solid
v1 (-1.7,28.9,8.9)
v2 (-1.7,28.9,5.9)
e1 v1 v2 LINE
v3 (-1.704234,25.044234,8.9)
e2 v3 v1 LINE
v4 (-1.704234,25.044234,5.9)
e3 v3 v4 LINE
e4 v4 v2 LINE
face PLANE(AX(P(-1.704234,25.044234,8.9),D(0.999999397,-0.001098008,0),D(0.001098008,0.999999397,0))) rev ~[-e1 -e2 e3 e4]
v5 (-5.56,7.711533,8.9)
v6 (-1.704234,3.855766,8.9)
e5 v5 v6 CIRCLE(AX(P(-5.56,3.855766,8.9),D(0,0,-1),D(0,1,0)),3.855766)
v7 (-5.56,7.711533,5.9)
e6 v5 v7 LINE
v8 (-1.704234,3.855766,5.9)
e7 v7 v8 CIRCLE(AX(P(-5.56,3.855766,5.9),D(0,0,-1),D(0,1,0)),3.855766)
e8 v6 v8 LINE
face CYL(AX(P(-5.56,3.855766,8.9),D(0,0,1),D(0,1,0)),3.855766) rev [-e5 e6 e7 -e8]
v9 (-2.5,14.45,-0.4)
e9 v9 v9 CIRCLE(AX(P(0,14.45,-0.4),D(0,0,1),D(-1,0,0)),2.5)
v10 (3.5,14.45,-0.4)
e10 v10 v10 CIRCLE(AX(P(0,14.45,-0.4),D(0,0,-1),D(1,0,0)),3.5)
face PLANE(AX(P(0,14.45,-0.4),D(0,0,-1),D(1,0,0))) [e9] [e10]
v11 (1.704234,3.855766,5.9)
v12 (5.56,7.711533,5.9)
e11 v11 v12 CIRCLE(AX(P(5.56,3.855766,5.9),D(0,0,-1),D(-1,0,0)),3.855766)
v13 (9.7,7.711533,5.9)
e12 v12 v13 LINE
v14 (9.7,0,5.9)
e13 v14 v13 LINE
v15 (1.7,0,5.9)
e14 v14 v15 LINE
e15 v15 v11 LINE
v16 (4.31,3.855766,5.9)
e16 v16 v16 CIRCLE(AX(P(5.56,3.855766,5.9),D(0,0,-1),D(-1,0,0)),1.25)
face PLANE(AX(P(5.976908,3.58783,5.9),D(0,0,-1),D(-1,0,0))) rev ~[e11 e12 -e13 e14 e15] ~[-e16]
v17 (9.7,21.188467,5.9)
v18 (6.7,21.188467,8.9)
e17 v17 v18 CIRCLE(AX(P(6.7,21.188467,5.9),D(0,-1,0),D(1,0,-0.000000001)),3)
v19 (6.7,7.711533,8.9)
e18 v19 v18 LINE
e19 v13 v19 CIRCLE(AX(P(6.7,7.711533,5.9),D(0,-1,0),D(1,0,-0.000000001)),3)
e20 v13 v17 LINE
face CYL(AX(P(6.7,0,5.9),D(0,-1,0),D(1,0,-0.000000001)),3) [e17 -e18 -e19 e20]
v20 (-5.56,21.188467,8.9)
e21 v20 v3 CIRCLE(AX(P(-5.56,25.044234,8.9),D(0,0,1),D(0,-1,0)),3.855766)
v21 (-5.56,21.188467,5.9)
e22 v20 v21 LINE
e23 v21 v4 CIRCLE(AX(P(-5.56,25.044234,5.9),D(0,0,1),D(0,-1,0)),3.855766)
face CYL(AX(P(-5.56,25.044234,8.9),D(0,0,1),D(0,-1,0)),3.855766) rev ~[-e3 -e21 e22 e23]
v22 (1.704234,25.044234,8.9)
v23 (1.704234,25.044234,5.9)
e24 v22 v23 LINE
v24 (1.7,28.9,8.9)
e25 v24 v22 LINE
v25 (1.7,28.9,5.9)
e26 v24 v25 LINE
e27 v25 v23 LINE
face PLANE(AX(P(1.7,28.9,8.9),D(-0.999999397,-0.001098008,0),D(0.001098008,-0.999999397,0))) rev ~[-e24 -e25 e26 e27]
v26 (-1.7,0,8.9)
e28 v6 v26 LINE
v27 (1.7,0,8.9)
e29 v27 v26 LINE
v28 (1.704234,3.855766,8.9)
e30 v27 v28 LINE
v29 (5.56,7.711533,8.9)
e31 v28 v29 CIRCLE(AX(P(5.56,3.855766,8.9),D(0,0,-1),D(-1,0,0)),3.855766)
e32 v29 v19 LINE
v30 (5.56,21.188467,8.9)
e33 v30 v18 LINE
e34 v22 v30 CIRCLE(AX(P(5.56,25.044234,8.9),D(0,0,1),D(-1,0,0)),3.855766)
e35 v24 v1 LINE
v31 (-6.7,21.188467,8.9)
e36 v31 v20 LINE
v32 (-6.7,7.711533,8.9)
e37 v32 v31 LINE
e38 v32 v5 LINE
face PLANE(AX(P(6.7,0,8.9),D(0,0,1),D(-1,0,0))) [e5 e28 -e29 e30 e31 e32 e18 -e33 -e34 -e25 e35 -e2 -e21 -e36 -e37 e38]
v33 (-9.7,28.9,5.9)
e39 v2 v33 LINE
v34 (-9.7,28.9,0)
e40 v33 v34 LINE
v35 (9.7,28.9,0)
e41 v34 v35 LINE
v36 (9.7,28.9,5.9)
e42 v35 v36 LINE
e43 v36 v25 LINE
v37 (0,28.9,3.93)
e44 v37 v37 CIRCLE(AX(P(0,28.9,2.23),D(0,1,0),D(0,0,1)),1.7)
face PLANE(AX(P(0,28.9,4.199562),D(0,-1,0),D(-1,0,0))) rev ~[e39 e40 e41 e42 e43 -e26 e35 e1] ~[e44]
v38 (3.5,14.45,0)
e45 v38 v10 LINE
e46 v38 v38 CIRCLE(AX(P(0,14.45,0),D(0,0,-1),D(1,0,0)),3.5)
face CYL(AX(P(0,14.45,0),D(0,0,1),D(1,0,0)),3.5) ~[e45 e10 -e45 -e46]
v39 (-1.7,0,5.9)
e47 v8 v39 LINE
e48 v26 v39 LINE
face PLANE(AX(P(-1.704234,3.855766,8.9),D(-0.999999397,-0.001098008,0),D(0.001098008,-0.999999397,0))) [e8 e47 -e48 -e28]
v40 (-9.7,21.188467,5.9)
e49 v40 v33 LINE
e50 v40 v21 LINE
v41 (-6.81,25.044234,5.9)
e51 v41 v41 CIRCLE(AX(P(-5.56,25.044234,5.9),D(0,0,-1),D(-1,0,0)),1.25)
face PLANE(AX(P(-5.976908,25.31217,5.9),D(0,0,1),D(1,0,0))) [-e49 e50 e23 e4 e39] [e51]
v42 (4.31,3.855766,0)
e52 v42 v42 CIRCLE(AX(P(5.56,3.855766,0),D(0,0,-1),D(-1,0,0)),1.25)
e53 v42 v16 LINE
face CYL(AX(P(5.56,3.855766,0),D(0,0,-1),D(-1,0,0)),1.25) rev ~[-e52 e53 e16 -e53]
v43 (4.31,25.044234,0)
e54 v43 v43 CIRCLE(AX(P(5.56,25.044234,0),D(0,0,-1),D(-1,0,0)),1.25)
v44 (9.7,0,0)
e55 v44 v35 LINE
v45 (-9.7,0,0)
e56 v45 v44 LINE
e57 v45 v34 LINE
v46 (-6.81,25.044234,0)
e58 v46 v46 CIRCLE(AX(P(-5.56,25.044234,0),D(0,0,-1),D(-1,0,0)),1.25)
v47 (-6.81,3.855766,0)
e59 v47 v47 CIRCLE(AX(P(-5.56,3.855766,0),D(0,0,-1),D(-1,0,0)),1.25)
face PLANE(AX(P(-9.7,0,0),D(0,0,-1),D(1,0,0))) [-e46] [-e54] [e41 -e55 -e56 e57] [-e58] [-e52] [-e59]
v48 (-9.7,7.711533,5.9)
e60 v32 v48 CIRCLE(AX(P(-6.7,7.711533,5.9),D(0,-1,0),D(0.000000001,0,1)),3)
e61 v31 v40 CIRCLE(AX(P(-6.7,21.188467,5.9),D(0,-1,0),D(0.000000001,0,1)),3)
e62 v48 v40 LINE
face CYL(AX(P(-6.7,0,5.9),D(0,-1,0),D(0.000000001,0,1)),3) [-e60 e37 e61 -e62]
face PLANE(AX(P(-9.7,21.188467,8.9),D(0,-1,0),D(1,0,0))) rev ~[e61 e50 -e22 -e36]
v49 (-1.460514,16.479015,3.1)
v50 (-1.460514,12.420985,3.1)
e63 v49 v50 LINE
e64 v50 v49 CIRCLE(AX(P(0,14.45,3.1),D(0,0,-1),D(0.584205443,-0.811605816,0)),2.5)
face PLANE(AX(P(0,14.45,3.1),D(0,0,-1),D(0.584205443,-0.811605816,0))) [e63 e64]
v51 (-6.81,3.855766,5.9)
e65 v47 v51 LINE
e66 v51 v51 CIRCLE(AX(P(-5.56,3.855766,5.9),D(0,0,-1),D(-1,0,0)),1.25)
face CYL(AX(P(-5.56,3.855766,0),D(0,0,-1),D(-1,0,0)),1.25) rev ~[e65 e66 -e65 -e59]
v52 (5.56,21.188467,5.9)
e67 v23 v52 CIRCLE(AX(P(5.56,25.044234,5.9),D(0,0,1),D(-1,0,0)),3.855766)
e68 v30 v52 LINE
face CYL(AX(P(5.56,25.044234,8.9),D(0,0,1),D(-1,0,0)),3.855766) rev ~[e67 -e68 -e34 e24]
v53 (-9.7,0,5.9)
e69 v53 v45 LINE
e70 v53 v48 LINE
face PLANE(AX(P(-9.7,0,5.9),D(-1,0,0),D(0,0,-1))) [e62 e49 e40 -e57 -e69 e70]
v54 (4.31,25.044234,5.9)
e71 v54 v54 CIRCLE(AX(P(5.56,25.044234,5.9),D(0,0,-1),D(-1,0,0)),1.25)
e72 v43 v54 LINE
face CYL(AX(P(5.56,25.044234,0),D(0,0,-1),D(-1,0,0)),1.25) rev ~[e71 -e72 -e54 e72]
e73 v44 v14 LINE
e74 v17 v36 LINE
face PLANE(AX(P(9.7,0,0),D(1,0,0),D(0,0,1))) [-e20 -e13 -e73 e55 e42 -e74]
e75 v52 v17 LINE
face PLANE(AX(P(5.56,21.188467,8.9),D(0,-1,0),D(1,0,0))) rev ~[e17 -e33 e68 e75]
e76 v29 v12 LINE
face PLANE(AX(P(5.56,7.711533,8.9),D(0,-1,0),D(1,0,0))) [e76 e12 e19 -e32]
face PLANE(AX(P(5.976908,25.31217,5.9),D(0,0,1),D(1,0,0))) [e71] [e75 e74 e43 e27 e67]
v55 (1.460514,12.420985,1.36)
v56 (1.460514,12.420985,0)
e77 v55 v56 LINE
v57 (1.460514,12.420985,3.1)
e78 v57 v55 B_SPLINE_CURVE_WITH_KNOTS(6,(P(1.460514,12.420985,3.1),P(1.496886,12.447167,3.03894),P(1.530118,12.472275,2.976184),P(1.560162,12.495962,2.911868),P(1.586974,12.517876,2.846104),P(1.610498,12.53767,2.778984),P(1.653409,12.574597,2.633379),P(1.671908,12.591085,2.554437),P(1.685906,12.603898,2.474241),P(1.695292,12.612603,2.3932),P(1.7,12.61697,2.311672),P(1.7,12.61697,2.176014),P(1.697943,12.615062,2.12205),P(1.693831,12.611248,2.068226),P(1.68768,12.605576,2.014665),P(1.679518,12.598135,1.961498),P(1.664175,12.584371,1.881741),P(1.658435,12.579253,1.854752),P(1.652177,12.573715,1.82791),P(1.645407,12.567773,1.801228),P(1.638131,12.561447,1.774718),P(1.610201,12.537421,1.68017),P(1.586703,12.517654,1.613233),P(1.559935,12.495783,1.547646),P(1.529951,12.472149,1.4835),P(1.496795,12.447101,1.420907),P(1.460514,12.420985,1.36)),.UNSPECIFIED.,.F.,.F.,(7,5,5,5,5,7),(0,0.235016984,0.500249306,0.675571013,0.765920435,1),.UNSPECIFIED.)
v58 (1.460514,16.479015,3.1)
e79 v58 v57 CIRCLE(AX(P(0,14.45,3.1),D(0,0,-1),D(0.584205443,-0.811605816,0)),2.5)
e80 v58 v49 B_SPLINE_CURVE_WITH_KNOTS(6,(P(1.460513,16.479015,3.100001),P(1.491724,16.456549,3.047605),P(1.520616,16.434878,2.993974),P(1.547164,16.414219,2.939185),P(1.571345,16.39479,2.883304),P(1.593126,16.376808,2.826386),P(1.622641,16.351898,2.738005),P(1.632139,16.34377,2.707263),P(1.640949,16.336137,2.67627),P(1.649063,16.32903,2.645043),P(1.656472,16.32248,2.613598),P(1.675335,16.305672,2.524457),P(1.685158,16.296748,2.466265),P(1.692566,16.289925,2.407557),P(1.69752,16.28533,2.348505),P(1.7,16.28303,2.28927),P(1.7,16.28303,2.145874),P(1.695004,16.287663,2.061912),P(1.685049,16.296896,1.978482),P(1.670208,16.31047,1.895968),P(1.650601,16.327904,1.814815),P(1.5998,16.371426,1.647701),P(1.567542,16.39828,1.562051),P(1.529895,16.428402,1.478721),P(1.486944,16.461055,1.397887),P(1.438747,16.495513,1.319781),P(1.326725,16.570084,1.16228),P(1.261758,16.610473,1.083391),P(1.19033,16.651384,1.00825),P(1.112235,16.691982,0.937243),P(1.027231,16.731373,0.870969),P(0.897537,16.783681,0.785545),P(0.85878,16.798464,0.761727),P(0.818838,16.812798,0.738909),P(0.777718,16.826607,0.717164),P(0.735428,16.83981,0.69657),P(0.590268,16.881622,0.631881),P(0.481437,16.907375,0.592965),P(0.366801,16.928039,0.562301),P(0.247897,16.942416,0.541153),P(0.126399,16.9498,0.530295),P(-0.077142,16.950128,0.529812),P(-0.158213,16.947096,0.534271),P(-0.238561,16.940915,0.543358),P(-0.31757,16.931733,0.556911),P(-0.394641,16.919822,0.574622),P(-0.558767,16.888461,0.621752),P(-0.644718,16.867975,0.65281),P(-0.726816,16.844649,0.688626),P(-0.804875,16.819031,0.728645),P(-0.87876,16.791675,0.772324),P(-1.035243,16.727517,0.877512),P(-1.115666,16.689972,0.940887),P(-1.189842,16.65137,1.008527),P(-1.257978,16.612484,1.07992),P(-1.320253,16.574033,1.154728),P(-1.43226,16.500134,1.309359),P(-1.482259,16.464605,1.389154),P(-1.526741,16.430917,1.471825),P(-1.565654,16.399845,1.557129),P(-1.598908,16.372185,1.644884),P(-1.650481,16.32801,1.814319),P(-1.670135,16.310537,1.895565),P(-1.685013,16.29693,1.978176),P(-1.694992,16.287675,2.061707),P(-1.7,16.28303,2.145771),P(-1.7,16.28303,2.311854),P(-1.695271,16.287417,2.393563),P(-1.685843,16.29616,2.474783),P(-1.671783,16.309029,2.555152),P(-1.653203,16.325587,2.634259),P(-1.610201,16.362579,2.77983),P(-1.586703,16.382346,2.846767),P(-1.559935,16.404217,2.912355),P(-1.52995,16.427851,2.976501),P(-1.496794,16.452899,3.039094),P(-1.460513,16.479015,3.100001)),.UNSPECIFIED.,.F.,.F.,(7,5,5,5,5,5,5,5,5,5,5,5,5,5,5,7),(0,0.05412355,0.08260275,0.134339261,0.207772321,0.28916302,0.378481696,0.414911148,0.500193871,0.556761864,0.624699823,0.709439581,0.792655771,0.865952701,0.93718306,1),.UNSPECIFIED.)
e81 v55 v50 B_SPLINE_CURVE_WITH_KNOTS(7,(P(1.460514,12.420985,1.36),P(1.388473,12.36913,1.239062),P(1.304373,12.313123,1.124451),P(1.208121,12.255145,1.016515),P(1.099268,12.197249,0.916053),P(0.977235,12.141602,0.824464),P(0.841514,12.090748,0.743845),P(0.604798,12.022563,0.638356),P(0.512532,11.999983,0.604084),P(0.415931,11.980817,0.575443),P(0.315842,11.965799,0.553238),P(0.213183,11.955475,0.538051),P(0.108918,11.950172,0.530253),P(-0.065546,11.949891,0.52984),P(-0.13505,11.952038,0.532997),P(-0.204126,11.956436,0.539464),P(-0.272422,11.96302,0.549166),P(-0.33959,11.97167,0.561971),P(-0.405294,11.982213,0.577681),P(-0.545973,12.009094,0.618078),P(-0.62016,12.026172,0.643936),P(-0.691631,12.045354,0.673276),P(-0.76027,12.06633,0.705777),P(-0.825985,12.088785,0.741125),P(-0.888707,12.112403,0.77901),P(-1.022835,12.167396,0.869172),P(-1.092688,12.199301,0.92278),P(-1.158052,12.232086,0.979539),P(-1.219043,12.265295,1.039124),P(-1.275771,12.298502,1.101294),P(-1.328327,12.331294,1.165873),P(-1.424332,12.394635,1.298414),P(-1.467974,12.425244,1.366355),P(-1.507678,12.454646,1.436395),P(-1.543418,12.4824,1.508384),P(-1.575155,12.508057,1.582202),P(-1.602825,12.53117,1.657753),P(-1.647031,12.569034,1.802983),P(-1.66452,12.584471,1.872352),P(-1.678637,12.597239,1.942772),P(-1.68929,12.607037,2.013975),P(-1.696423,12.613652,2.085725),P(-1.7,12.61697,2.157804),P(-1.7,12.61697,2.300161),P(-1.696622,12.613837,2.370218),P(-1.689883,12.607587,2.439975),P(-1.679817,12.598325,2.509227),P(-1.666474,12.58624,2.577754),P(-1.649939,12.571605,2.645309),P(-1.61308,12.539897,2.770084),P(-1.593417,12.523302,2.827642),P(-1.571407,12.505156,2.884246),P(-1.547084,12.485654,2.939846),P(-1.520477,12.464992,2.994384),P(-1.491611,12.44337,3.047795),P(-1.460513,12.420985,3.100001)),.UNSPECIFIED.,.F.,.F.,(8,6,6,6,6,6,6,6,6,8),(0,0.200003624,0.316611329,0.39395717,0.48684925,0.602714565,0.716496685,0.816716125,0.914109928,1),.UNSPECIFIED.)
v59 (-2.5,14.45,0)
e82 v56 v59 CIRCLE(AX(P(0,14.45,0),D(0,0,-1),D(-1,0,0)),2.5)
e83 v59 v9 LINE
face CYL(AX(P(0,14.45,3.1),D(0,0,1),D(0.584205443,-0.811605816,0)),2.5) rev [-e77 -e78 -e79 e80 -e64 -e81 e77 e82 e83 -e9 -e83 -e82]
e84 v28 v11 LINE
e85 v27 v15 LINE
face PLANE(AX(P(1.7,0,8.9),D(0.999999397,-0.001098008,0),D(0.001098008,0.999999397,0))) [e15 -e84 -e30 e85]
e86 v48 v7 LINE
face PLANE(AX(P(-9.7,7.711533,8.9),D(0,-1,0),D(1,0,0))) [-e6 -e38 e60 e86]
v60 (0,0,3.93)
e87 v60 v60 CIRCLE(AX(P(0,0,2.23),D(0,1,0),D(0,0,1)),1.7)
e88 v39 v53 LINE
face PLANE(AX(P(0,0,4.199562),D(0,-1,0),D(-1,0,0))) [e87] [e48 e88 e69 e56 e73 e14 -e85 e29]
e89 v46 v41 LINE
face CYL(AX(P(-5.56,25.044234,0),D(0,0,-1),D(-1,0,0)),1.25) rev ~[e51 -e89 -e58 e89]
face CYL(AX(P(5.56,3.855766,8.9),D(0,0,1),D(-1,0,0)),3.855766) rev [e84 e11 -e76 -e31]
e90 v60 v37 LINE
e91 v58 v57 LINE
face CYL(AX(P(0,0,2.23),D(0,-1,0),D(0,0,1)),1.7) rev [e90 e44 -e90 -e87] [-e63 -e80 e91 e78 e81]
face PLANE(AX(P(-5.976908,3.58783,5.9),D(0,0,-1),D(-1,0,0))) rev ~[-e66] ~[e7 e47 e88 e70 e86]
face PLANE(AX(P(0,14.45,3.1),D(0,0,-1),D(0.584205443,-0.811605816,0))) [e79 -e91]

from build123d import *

# Parameters (mm, degrees)
SKETCH1_R           = 1.7
BOSS_EXTRUDE1_DEPTH = 28.9
CUT_EXTRUDE1_REACH  = 33.757
SKETCH2_R           = 1.25
CUT_EXTRUDE2_DEPTH  = 3
SKETCH4_R           = 3.5
SKETCH4_R_2         = 2.5
BOSS_EXTRUDE2_DEPTH = 0.4
CUT_EXTRUDE3_START  = -3.5
SKETCH5_R           = 2.5
CUT_EXTRUDE3_DEPTH  = 3.5


with BuildPart() as part:
    # Sketch1 → Boss-Extrude1 (new body)
    with BuildSketch(Plane(origin=(0, 0, 0), x_dir=(1, 0, 0), z_dir=(0, 1, 0))):
        with BuildLine():
            Line((-9.7, 0), (9.7, 0))
            Line((9.7, 0), (9.7, -5.9))
            ThreePointArc((9.7, -5.9), (8.821320344, -8.021320344), (6.7, -8.9))
            Line((6.7, -8.9), (-6.7, -8.9))
            ThreePointArc((-6.7, -8.9), (-8.821320344, -8.021320344), (-9.7, -5.9))
            Line((-9.7, -5.9), (-9.7, 0))
        make_face()
        with Locations(Location((0, -2.23, 0), (0, 0, 270))):
            Circle(SKETCH1_R, mode=Mode.SUBTRACT)
    extrude(amount=BOSS_EXTRUDE1_DEPTH)

    # Cut-Extrude1: up to this face of the body (flat: up to its plane)
    cut_extrude1_end = Plane(part.part.faces().sort_by_distance((0, 14.45, 8.9))[0])
    # Sketch2 → Cut-Extrude1 (cut, up to the picked face)
    with BuildSketch(Plane(origin=(0, 0, 0), x_dir=(-1, 0, 0), z_dir=(0, 0, -1)), mode=Mode.PRIVATE) as cut_extrude1_sk1:
        with Locations((5.56, 25.044233664)):
            Circle(SKETCH2_R)
    cut_extrude1_tool1 = split(extrude(cut_extrude1_sk1.sketch, amount=-CUT_EXTRUDE1_REACH, mode=Mode.PRIVATE), bisect_by=cut_extrude1_end, keep=Keep.BOTH, mode=Mode.PRIVATE)
    # Sketch2 → Cut-Extrude1 (cut, up to the picked face)
    with BuildSketch(Plane(origin=(0, 0, 0), x_dir=(-1, 0, 0), z_dir=(0, 0, -1)), mode=Mode.PRIVATE) as cut_extrude1_sk2:
        with Locations((5.56, 3.855766336)):
            Circle(SKETCH2_R)
    cut_extrude1_tool2 = split(extrude(cut_extrude1_sk2.sketch, amount=-CUT_EXTRUDE1_REACH, mode=Mode.PRIVATE), bisect_by=cut_extrude1_end, keep=Keep.BOTH, mode=Mode.PRIVATE)
    # Sketch2 → Cut-Extrude1 (cut, up to the picked face)
    with BuildSketch(Plane(origin=(0, 0, 0), x_dir=(-1, 0, 0), z_dir=(0, 0, -1)), mode=Mode.PRIVATE) as cut_extrude1_sk3:
        with Locations((-5.56, 3.855766336)):
            Circle(SKETCH2_R)
    cut_extrude1_tool3 = split(extrude(cut_extrude1_sk3.sketch, amount=-CUT_EXTRUDE1_REACH, mode=Mode.PRIVATE), bisect_by=cut_extrude1_end, keep=Keep.BOTH, mode=Mode.PRIVATE)
    # Sketch2 → Cut-Extrude1 (cut, up to the picked face)
    with BuildSketch(Plane(origin=(0, 0, 0), x_dir=(-1, 0, 0), z_dir=(0, 0, -1)), mode=Mode.PRIVATE) as cut_extrude1_sk4:
        with Locations((-5.56, 25.044233664)):
            Circle(SKETCH2_R)
    cut_extrude1_tool4 = split(extrude(cut_extrude1_sk4.sketch, amount=-CUT_EXTRUDE1_REACH, mode=Mode.PRIVATE), bisect_by=cut_extrude1_end, keep=Keep.BOTH, mode=Mode.PRIVATE)
    add(cut_extrude1_tool1.solids().sort_by(Axis((-5.56, 25.044234, 0), (0, 0, 1)))[0], mode=Mode.SUBTRACT)
    add(cut_extrude1_tool2.solids().sort_by(Axis((-5.56, 3.855766, 0), (0, 0, 1)))[0], mode=Mode.SUBTRACT)
    add(cut_extrude1_tool3.solids().sort_by(Axis((5.56, 3.855766, 0), (0, 0, 1)))[0], mode=Mode.SUBTRACT)
    add(cut_extrude1_tool4.solids().sort_by(Axis((5.56, 25.044234, 0), (0, 0, 1)))[0], mode=Mode.SUBTRACT)

    # Sketch3 → Cut-Extrude2 (cut)
    with BuildSketch(Plane.XY.offset(8.9)):
        with BuildLine():
            Line((5.56, 7.711532672), (9.7, 7.711532672))
            Line((9.7, 7.711532672), (9.7, 0))
            Line((9.7, 0), (1.7, 0))
            Line((1.7, 0), (1.704233664, 3.855766336))
            ThreePointArc((1.704233664, 3.855766336), (2.833561477, 6.582204859), (5.56, 7.711532672))
        make_face()
        with BuildLine():
            Line((5.56, 21.188467328), (9.7, 21.188467328))
            Line((9.7, 21.188467328), (9.7, 28.9))
            Line((9.7, 28.9), (1.7, 28.9))
            Line((1.7, 28.9), (1.704233664, 25.044233664))
            ThreePointArc((1.704233664, 25.044233664), (2.833561477, 22.317795141), (5.56, 21.188467328))
        make_face()
        with BuildLine():
            Line((-1.704233664, 3.855766336), (-1.7, 0))
            Line((-1.7, 0), (-9.7, 0))
            Line((-9.7, 0), (-9.7, 7.711532672))
            Line((-9.7, 7.711532672), (-5.56, 7.711532672))
            ThreePointArc((-5.56, 7.711532672), (-2.833561477, 6.582204859), (-1.704233664, 3.855766336))
        make_face()
        with BuildLine():
            Line((-9.7, 28.9), (-9.7, 21.188467328))
            Line((-9.7, 21.188467328), (-5.56, 21.188467328))
            ThreePointArc((-5.56, 21.188467328), (-2.833561477, 22.317795141), (-1.704233664, 25.044233664))
            Line((-1.704233664, 25.044233664), (-1.7, 28.9))
            Line((-1.7, 28.9), (-9.7, 28.9))
        make_face()
    extrude(amount=-CUT_EXTRUDE2_DEPTH, mode=Mode.SUBTRACT)

    # Sketch4 → Boss-Extrude2 (add)
    with BuildSketch(Plane(origin=(0, 0, 0), x_dir=(-1, 0, 0), z_dir=(0, 0, -1))):
        with Locations(Location((0, 14.45, 0), (0, 0, 180))):
            Circle(SKETCH4_R)
        with Locations((0, 14.45)):
            Circle(SKETCH4_R_2, mode=Mode.SUBTRACT)
    extrude(amount=BOSS_EXTRUDE2_DEPTH)

    # Sketch5 → Cut-Extrude3 (cut)
    with BuildSketch(Plane(origin=(0, 0, -0.4), x_dir=(-1, 0, 0), z_dir=(0, 0, -1)).offset(CUT_EXTRUDE3_START)):
        with Locations(Location((0, 14.45, 0), (0, 0, 234.253121961))):
            Circle(SKETCH5_R)
    extrude(amount=CUT_EXTRUDE3_DEPTH, mode=Mode.SUBTRACT)


solid = part.part
